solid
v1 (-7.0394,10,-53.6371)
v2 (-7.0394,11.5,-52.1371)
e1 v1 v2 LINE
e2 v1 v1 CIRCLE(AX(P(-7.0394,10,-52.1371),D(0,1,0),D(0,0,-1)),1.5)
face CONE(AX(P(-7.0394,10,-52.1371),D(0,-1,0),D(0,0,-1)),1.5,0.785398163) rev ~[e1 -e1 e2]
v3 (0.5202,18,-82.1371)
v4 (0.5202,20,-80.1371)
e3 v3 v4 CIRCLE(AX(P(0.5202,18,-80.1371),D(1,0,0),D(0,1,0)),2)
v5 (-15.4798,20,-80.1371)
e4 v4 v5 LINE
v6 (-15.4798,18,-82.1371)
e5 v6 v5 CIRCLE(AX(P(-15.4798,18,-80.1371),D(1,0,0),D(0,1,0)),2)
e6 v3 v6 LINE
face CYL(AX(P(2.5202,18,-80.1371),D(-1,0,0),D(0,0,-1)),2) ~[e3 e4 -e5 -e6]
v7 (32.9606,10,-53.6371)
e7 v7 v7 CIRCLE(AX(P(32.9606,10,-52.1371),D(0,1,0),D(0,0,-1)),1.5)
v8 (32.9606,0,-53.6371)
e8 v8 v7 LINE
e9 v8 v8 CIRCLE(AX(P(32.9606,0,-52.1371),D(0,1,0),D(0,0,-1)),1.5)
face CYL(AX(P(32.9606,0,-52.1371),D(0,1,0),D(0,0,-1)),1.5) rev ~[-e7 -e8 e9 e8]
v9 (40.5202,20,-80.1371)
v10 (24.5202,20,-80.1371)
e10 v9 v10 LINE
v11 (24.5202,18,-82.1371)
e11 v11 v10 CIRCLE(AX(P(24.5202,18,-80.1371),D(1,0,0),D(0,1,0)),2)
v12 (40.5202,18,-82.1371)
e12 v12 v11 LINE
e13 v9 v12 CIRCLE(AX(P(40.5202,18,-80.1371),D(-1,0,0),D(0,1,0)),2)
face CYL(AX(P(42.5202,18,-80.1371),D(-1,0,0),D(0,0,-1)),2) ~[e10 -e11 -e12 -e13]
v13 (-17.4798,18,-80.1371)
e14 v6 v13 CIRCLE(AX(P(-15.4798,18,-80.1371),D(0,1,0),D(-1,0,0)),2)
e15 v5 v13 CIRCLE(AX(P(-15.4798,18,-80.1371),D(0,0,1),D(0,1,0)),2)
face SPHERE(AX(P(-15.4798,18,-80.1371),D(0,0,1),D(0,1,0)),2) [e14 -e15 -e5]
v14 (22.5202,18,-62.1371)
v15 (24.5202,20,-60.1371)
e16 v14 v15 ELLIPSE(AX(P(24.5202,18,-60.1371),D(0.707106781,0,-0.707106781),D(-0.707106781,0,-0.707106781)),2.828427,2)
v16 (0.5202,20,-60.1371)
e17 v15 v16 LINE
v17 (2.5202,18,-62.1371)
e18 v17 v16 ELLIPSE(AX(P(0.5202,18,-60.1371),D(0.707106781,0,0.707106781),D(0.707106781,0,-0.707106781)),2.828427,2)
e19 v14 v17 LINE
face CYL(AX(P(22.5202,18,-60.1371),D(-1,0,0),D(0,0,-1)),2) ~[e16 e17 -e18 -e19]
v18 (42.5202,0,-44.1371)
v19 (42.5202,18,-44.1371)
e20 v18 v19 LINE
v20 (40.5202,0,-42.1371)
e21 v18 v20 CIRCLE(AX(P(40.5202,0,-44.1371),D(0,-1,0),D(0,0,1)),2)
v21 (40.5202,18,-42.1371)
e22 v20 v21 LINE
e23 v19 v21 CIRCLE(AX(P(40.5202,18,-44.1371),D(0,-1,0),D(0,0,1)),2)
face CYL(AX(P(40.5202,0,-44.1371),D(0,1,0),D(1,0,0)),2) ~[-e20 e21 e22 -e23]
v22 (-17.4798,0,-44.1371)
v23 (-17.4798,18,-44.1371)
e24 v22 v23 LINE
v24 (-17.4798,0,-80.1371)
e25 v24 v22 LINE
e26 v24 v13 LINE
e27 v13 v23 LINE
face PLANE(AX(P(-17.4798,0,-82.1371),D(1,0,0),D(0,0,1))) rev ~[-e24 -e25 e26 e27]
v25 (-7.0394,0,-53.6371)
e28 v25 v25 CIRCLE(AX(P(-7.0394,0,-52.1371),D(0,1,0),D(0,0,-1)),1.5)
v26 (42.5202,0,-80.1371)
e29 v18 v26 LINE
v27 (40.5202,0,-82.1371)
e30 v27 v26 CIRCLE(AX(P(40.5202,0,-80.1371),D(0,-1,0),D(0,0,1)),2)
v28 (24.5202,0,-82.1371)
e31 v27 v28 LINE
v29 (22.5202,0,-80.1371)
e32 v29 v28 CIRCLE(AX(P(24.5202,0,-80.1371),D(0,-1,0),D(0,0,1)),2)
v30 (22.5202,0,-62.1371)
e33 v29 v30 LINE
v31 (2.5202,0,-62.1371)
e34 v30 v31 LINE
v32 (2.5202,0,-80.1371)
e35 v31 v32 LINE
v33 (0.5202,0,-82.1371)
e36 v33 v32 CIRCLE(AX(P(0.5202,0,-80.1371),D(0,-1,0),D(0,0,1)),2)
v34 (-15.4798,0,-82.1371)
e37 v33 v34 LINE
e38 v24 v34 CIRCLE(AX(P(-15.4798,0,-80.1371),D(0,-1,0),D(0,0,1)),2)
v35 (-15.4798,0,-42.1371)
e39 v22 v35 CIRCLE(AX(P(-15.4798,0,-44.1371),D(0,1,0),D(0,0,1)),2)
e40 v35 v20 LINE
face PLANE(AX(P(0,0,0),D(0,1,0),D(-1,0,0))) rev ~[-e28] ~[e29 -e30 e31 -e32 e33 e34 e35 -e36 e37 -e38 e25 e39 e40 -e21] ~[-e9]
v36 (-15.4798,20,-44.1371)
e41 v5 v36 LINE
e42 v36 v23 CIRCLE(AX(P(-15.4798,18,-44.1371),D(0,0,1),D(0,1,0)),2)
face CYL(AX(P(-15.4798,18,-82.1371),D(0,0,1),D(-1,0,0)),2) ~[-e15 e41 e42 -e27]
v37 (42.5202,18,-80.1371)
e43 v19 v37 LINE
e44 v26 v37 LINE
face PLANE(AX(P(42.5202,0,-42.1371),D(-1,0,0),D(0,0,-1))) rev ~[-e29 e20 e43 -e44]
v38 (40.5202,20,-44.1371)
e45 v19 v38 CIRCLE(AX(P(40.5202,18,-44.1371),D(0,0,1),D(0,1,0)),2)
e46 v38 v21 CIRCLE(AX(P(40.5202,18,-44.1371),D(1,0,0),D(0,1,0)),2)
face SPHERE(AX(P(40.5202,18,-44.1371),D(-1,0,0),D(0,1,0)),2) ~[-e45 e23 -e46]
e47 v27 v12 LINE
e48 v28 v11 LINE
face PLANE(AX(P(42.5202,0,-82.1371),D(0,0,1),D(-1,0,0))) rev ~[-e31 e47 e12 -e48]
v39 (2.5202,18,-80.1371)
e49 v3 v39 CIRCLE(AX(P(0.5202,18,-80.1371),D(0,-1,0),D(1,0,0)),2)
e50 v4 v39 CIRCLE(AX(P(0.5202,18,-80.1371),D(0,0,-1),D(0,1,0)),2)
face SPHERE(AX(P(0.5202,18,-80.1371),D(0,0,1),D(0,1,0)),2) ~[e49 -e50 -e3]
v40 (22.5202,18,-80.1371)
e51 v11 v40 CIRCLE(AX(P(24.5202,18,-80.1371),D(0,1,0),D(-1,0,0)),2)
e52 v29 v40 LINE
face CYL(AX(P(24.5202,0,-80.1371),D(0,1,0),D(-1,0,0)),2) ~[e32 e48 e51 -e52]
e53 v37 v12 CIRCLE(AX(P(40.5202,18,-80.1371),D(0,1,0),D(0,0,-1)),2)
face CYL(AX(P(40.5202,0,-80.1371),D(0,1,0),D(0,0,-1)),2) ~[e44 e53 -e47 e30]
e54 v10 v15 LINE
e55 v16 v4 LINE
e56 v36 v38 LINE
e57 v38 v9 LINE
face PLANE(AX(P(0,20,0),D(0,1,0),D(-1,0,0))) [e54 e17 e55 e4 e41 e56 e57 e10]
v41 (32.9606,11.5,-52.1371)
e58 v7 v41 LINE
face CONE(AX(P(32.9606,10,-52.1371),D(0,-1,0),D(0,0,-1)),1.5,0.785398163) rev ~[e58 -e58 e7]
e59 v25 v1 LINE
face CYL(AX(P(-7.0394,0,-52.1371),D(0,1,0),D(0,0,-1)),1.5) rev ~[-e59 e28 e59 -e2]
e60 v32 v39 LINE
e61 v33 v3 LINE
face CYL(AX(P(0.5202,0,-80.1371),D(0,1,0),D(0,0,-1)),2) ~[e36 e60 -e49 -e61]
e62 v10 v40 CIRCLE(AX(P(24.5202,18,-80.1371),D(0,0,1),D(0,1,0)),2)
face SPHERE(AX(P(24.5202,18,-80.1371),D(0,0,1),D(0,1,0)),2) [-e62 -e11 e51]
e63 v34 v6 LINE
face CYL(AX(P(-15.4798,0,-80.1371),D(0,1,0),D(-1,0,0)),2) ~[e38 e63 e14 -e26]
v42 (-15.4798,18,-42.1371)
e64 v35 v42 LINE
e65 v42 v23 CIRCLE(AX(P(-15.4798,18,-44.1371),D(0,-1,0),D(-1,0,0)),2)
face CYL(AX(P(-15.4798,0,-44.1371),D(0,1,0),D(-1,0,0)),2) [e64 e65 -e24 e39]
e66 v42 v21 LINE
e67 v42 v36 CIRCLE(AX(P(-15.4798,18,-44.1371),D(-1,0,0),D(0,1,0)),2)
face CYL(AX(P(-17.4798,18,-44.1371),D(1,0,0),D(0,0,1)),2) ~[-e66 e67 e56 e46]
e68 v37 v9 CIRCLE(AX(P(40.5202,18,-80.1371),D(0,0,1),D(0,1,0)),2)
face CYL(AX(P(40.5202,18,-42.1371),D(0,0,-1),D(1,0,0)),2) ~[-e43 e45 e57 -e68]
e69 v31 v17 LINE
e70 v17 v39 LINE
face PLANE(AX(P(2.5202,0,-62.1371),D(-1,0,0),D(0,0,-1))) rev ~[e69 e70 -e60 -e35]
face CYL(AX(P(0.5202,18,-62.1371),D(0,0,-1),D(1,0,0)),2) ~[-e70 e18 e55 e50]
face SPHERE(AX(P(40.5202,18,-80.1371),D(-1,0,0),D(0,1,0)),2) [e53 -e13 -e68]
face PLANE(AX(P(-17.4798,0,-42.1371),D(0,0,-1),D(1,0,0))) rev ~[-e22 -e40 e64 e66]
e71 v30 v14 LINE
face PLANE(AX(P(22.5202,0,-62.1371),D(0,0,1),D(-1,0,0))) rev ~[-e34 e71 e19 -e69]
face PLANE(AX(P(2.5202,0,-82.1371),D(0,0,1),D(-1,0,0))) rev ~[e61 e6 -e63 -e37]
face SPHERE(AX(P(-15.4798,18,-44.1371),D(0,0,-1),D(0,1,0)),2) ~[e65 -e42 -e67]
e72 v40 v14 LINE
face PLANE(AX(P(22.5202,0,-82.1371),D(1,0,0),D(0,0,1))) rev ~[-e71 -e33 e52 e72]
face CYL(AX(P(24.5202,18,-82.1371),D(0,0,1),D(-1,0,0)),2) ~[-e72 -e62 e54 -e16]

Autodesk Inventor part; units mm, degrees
ref_plane "YZ Plane" through (0, 0, 0) normal (1, 0, 0) x (0, 1, 0)
ref_plane "XZ Plane" through (0, 0, 0) normal (0, 1, 0) x (-1, 0, 0)
ref_plane "XY Plane" through (0, 0, 0) normal (0, 0, 1) x (1, 0, 0)
sketch "Эскиз1" plane through (0, 0, 0) normal (0, 1, 0) x (-1, 0, 0)
  line L0 (17.4798, -42.1371) -> (-42.5202, -42.1371)
  line L1 (-42.5202, -42.1371) -> (-42.5202, -82.1371)
  line L2 (-42.5202, -82.1371) -> (-22.5202, -82.1371)
  line L3 (-22.5202, -82.1371) -> (-22.5202, -62.1371)
  line L4 (-22.5202, -62.1371) -> (-2.5202, -62.1371)
  line L5 (-2.5202, -62.1371) -> (-2.5202, -82.1371)
  line L6 (-2.5202, -82.1371) -> (17.4798, -82.1371)
  line L7 (17.4798, -82.1371) -> (17.4798, -42.1371)
  point P0 (0, 0)
  dimension "d1" = 40
  dimension "d3" = 20
  dimension "d4" = 20
  dimension "d5" = 20
extrude "Выдавливание1" add sketch "Эскиз1" along normal blind 20
fillet "Сопряжение1" radius 2 14 edges at (-17.4798, 20, -62.1371) (12.5202, 20, -42.1371) (2.5202, 20, -72.1371) (12.5202, 20, -62.1371) (-7.4798, 20, -82.1371) (22.5202, 20, -72.1371) (32.5202, 20, -82.1371) (42.5202, 20, -62.1371) (42.5202, 10, -82.1371) (2.5202, 10, -82.1371) (22.5202, 10, -82.1371) (-17.4798, 10, -82.1371) (-17.4798, 10, -42.1371) (42.5202, 10, -42.1371)
sketch "Эскиз2" plane through (0, 0, 0) normal (0, -1, 0) x (1, 0, 0)
  line L0 (-15.4798, -42.1371) -> (40.5202, -42.1371) projected
  point P0 (0, 0)
  point P1 (32.9606, -52.1371)
  point P2 (-7.0394, -52.1371)
  dimension "d9" = 40
  dimension "d10" = 10
hole "Отверстие1" at (32.9606, 0, -52.1371) at (-7.0394, 0, -52.1371) direction (0, 1, 0) diameter 3 depth 10 tip angle 90
properties part number "stand_stop"
